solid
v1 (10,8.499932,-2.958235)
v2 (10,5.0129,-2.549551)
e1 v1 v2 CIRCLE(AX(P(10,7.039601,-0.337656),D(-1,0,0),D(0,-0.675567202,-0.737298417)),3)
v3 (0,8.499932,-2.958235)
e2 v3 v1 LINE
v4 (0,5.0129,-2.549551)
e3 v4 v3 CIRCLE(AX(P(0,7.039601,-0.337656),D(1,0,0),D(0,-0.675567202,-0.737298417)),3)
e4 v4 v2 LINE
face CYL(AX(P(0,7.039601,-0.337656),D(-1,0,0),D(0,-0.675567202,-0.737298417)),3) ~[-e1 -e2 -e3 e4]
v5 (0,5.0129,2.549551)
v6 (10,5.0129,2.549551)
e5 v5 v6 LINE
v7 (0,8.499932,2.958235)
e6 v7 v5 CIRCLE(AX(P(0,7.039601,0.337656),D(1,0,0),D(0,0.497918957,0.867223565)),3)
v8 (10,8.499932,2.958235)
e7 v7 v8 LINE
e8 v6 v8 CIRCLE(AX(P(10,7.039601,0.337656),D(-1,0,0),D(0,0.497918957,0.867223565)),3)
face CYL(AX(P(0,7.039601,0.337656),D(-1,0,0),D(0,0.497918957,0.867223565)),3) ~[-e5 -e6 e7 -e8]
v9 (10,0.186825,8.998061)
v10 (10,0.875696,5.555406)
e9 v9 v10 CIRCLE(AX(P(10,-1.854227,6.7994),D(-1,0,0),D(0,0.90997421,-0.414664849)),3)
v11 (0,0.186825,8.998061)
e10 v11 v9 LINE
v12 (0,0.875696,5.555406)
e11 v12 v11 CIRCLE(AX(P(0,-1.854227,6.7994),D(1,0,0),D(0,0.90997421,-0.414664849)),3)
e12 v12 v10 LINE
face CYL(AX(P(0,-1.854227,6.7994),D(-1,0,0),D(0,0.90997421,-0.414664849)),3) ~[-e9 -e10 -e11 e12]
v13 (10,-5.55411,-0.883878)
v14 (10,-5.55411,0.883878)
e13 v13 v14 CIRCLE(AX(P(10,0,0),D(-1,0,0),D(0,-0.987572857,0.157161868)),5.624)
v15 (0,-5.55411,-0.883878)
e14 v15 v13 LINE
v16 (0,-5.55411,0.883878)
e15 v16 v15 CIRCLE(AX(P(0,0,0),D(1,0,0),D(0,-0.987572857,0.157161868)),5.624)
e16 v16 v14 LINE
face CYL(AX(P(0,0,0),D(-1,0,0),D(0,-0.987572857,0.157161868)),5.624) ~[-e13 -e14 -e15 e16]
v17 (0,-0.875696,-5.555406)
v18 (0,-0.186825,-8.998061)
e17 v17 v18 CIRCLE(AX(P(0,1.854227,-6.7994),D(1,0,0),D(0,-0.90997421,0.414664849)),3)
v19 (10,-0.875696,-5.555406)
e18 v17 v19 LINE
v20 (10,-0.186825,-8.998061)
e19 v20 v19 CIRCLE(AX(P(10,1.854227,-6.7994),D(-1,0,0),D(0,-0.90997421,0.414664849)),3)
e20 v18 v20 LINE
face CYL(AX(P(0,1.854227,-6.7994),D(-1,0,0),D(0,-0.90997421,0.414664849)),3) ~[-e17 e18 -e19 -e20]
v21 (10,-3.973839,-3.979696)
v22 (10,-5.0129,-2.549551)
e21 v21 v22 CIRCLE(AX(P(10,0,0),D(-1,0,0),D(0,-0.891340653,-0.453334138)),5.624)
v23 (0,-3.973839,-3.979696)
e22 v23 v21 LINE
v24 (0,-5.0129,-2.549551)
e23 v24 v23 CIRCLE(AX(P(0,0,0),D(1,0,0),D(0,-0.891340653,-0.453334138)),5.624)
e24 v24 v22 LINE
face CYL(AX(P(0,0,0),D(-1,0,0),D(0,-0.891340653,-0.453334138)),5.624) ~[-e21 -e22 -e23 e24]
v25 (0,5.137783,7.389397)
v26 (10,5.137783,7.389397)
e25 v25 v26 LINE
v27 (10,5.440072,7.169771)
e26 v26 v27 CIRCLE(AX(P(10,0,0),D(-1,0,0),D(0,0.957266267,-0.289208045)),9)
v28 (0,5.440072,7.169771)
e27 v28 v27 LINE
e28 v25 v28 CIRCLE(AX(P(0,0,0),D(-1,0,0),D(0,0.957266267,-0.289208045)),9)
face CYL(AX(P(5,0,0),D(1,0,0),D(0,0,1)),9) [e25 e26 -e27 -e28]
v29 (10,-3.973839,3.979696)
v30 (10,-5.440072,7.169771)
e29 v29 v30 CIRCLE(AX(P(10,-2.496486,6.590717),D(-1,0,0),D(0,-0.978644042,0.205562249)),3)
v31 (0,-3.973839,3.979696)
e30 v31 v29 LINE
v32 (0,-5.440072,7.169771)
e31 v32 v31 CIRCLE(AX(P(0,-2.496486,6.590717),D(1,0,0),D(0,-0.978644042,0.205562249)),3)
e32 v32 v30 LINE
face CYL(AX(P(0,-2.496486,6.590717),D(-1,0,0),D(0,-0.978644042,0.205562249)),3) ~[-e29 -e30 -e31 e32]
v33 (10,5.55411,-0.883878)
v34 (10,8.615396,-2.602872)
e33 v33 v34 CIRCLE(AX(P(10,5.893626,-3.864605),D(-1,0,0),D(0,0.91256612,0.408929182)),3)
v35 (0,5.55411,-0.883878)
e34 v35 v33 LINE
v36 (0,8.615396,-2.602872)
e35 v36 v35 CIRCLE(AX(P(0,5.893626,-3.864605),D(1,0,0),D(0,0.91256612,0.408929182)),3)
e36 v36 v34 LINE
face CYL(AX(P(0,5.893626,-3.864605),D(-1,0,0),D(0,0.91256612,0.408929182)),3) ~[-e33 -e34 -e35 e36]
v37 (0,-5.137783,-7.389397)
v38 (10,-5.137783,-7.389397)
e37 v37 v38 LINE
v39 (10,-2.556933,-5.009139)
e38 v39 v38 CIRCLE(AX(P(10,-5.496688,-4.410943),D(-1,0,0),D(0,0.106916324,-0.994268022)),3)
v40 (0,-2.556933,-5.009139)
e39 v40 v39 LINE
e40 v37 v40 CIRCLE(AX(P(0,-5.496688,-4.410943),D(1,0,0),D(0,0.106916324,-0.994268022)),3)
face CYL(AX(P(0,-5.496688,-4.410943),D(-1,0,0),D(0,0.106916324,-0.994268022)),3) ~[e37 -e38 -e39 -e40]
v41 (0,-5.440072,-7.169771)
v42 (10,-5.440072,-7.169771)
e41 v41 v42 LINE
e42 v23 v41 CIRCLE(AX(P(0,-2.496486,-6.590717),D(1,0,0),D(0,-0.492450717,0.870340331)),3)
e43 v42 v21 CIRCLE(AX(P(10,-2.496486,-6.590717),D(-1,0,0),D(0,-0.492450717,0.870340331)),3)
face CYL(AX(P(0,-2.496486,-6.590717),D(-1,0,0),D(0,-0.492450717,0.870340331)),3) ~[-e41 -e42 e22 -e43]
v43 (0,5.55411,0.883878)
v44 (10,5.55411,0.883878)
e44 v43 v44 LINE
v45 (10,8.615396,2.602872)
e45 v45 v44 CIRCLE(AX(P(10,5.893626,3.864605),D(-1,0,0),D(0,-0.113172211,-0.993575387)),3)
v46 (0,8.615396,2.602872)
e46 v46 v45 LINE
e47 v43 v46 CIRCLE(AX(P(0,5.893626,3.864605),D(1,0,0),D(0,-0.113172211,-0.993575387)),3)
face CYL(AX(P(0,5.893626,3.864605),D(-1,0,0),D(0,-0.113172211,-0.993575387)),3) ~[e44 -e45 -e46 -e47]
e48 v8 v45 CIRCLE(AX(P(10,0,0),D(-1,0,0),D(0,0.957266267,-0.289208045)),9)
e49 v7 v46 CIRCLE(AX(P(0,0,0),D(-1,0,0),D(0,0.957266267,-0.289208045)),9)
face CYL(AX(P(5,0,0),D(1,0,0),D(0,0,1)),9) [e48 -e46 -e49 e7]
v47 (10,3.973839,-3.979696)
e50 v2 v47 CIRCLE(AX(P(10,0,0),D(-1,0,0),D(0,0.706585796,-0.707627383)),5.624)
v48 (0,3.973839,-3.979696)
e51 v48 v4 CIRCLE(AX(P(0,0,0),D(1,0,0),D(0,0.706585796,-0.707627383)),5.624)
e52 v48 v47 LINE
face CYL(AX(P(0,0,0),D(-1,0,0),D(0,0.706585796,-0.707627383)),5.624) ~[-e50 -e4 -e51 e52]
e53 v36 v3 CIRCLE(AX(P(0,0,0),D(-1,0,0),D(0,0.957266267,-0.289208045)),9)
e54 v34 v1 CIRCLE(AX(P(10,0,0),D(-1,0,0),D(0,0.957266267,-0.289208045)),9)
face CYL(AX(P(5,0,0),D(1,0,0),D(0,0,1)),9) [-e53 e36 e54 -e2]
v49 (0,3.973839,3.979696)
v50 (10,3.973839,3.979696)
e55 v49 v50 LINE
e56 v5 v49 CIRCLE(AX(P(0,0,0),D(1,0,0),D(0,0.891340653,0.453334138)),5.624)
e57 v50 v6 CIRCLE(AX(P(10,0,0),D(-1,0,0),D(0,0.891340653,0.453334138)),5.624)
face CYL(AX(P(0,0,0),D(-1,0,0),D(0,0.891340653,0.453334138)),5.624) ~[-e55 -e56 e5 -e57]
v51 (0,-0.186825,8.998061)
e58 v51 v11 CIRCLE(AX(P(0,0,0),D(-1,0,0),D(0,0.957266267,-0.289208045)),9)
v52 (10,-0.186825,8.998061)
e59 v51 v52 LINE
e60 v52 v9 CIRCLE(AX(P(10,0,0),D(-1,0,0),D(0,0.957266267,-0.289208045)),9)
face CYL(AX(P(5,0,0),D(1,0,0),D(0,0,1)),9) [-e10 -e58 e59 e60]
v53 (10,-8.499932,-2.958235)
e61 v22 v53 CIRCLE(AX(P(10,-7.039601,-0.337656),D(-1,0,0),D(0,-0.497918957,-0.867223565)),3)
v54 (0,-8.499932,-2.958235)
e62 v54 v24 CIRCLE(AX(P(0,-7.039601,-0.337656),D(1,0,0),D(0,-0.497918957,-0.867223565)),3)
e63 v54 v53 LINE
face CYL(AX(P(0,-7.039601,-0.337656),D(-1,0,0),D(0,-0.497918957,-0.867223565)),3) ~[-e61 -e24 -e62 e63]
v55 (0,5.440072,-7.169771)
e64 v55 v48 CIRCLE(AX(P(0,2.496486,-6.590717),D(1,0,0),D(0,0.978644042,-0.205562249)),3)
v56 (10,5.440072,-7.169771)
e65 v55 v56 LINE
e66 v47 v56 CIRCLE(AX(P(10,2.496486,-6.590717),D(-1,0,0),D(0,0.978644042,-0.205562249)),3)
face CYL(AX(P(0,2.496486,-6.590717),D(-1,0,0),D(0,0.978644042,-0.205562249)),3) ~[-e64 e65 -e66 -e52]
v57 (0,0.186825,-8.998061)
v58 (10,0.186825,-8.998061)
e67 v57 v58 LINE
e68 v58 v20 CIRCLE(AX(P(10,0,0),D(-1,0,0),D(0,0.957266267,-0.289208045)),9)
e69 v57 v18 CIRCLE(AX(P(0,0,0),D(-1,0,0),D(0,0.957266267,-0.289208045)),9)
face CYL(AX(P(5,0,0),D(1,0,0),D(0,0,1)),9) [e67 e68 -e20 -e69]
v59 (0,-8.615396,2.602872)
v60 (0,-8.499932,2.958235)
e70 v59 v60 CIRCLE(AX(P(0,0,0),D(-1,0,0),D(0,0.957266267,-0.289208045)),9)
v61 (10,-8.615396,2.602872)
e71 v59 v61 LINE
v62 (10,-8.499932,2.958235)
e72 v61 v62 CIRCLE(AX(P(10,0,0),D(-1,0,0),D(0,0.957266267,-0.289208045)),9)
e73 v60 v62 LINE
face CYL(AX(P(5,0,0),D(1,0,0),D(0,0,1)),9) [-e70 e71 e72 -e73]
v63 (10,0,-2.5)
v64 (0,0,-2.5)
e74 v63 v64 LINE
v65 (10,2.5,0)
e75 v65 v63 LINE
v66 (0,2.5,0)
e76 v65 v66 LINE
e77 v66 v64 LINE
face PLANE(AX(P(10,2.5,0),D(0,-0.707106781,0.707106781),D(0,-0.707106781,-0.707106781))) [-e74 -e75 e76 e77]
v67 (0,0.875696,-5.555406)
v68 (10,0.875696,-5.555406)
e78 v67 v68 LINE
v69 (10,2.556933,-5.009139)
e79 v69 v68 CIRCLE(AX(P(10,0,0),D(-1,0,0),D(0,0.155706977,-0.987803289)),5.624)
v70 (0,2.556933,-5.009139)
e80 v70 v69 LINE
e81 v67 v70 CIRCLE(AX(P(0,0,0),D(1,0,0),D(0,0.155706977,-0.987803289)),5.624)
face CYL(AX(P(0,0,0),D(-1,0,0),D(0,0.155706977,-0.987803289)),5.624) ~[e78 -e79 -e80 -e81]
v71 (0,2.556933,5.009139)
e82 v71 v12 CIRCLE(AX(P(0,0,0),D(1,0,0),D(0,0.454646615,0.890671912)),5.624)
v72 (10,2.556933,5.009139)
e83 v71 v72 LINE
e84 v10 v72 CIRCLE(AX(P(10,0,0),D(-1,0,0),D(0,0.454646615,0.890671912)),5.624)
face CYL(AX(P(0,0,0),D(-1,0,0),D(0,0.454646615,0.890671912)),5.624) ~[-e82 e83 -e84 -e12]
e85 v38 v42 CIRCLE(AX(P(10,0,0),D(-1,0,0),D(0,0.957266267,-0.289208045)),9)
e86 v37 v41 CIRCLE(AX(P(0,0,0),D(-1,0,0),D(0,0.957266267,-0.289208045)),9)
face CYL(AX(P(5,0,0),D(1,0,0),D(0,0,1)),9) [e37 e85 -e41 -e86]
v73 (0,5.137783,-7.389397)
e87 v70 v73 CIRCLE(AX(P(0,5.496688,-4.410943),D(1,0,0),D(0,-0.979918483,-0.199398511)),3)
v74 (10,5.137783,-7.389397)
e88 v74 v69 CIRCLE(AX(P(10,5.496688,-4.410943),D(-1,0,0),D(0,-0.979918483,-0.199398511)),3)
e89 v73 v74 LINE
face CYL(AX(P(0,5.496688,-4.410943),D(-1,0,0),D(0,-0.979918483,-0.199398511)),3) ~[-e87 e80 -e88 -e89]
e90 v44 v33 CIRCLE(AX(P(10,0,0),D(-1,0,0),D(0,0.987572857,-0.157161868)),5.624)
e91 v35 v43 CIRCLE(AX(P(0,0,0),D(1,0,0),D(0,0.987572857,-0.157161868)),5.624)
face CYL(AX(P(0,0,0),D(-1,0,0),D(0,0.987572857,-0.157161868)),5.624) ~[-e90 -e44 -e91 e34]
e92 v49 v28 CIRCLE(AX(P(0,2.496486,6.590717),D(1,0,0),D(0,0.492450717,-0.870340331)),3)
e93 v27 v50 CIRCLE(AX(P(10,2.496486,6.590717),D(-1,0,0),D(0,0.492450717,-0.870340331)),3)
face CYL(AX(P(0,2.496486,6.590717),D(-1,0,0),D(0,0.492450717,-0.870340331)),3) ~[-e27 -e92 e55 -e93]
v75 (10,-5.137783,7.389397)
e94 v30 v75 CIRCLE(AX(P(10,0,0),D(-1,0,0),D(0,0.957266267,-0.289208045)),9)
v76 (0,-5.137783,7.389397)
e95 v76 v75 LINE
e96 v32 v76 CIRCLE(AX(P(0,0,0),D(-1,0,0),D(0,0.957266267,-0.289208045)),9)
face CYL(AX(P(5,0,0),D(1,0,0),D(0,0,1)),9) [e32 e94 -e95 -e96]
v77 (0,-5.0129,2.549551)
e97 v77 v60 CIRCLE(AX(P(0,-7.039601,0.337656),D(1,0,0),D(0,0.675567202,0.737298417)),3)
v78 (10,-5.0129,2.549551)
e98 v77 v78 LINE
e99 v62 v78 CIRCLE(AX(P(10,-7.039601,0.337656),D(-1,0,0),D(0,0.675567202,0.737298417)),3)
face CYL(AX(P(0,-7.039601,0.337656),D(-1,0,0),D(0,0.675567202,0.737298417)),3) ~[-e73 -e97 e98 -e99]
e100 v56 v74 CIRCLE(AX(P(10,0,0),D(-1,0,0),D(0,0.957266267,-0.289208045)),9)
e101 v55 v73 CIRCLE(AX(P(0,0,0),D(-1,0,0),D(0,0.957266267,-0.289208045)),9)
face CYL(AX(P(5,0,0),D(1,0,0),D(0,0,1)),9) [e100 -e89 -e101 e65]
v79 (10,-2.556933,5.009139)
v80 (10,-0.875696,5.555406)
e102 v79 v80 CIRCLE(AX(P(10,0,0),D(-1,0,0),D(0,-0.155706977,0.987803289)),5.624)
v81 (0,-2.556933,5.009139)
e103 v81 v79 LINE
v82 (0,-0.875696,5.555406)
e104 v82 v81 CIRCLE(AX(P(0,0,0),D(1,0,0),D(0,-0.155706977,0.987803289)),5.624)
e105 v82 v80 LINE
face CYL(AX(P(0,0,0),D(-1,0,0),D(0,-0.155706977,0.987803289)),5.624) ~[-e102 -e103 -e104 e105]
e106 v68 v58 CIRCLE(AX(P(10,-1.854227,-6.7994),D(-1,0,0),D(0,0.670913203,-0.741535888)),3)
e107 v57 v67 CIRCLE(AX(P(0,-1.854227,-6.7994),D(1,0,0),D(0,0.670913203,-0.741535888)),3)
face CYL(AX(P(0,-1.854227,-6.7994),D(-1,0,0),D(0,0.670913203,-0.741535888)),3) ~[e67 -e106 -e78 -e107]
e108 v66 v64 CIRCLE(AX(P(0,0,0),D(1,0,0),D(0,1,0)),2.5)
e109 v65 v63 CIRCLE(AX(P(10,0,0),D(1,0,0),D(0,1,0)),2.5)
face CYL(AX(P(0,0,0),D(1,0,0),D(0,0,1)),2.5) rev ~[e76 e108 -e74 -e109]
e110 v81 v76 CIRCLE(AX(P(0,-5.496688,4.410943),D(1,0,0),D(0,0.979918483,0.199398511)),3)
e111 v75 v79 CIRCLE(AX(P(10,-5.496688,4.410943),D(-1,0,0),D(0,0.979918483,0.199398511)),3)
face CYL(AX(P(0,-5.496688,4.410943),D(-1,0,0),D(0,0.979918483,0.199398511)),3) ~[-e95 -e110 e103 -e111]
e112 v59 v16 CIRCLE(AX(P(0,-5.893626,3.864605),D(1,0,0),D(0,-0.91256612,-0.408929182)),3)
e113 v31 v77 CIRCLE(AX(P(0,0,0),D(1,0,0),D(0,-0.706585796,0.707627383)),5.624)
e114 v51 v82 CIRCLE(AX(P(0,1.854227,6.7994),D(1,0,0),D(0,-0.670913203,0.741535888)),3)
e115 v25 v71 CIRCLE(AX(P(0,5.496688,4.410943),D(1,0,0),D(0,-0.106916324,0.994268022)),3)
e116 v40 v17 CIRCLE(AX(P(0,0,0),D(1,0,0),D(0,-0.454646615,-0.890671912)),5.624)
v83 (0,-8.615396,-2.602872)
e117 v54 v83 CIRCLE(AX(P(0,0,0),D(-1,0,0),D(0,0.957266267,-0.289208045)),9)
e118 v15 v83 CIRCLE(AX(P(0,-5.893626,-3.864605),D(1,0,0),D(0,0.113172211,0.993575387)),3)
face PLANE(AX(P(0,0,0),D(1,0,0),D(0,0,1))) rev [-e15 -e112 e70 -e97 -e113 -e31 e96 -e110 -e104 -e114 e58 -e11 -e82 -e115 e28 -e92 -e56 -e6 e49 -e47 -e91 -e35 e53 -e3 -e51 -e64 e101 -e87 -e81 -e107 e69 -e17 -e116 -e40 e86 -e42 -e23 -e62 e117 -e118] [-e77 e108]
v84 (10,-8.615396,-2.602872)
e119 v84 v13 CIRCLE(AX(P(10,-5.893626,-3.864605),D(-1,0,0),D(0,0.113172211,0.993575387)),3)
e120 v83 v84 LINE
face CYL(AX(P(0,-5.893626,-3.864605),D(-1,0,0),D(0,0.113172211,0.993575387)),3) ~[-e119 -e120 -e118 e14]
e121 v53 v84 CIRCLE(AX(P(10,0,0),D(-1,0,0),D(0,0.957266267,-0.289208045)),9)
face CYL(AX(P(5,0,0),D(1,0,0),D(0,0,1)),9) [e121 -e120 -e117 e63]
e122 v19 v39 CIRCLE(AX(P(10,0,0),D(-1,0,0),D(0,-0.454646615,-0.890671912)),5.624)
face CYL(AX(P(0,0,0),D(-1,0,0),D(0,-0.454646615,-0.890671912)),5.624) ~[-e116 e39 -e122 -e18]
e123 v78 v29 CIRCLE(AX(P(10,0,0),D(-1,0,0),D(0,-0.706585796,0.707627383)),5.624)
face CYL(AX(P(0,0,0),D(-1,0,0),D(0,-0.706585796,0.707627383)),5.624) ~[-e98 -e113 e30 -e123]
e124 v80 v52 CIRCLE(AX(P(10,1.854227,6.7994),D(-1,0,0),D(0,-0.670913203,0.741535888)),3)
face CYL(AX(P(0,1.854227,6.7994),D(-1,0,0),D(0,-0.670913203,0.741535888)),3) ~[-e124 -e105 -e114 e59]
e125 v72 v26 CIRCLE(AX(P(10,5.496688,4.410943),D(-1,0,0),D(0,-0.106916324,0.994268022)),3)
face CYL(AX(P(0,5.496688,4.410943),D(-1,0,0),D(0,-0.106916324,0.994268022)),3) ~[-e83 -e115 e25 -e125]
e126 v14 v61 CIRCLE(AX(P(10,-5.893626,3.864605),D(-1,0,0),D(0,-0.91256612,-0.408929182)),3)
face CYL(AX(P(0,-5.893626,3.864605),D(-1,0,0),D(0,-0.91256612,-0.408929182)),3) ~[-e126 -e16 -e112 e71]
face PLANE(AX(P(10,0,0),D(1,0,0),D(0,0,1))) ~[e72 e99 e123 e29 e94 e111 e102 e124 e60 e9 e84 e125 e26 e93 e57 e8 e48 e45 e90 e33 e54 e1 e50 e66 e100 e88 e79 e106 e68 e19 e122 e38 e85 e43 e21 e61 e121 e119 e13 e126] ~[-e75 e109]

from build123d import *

# Parameters (mm, degrees)
BASPROSKE_W         = 10
BASPROSKE_H         = 9
TOOTHCUT_DEPTH      = 17.186414056
TEETHCUTS_COUNT     = 10
TEETHCUTS_ANGLE     = 324
BORSKE_R            = 2.5
BORE_DEPTH          = 50.0000508
BOSS_EXTRUDE1_DEPTH = 10


with BuildPart() as part:
    # BasProSke → Base-Revolve (revolve)
    with BuildSketch(Plane(origin=(0, 0, 0), x_dir=(1, 0, 0), z_dir=(0, 1, 0)), mode=Mode.PRIVATE) as base_revolve_sk:
        with Locations((5, 4.5)):
            Rectangle(BASPROSKE_W, BASPROSKE_H)
    revolve(base_revolve_sk.sketch.rotate(Axis((-10, 0, 0), (1, 0, 0)), 180), axis=Axis((-10, 0, 0), (1, 0, 0)))

    # TooCutSke → ToothCut (cut, through all)
    with BuildSketch(Plane(origin=(0, 0, 0), x_dir=(0, 0, -1), z_dir=(1, 0, 0))):
        with BuildLine():
            ThreePointArc((0.883878355, 5.554109745), (0, 5.624), (-0.883878355, 5.554109745))
            ThreePointArc((-0.883878355, 5.554109745), (-1.258245767, 7.379188248), (-2.637816971, 8.631324741))
            ThreePointArc((-2.637816971, 8.631324741), (0, 9.0254), (2.637816971, 8.631324741))
            ThreePointArc((2.637816971, 8.631324741), (1.258245767, 7.379188248), (0.883878355, 5.554109745))
        make_face()
    toothcut = extrude(amount=TOOTHCUT_DEPTH, mode=Mode.SUBTRACT)

    # TeethCuts: ToothCut ×10 about axis
    teethcuts_axis = Axis((-10, 0, 0), (1, 0, 0))
    for i in range(1, TEETHCUTS_COUNT):
        add(toothcut.rotate(teethcuts_axis, i * TEETHCUTS_ANGLE / (TEETHCUTS_COUNT - 1)), mode=Mode.SUBTRACT)

    # BorSke → Bore (cut, symmetric)
    with BuildSketch(Plane(origin=(0, 0, 0), x_dir=(0, 0, -1), z_dir=(1, 0, 0))):
        with Locations(Location((0, 0, 0), (0, 0, 180))):
            Circle(BORSKE_R)
    extrude(amount=BORE_DEPTH, both=True, mode=Mode.SUBTRACT)

    # Sketch1 → Boss-Extrude1 (add, through all)
    with BuildSketch(Plane(origin=(10, 0, 0), x_dir=(0, 0, -1), z_dir=(1, 0, 0))):
        with BuildLine():
            Line((0, 2.5), (2.5, 0))
            ThreePointArc((2.5, 0), (1.767766953, 1.767766953), (0, 2.5))
        make_face()
    extrude(amount=-BOSS_EXTRUDE1_DEPTH)


solid = part.part
